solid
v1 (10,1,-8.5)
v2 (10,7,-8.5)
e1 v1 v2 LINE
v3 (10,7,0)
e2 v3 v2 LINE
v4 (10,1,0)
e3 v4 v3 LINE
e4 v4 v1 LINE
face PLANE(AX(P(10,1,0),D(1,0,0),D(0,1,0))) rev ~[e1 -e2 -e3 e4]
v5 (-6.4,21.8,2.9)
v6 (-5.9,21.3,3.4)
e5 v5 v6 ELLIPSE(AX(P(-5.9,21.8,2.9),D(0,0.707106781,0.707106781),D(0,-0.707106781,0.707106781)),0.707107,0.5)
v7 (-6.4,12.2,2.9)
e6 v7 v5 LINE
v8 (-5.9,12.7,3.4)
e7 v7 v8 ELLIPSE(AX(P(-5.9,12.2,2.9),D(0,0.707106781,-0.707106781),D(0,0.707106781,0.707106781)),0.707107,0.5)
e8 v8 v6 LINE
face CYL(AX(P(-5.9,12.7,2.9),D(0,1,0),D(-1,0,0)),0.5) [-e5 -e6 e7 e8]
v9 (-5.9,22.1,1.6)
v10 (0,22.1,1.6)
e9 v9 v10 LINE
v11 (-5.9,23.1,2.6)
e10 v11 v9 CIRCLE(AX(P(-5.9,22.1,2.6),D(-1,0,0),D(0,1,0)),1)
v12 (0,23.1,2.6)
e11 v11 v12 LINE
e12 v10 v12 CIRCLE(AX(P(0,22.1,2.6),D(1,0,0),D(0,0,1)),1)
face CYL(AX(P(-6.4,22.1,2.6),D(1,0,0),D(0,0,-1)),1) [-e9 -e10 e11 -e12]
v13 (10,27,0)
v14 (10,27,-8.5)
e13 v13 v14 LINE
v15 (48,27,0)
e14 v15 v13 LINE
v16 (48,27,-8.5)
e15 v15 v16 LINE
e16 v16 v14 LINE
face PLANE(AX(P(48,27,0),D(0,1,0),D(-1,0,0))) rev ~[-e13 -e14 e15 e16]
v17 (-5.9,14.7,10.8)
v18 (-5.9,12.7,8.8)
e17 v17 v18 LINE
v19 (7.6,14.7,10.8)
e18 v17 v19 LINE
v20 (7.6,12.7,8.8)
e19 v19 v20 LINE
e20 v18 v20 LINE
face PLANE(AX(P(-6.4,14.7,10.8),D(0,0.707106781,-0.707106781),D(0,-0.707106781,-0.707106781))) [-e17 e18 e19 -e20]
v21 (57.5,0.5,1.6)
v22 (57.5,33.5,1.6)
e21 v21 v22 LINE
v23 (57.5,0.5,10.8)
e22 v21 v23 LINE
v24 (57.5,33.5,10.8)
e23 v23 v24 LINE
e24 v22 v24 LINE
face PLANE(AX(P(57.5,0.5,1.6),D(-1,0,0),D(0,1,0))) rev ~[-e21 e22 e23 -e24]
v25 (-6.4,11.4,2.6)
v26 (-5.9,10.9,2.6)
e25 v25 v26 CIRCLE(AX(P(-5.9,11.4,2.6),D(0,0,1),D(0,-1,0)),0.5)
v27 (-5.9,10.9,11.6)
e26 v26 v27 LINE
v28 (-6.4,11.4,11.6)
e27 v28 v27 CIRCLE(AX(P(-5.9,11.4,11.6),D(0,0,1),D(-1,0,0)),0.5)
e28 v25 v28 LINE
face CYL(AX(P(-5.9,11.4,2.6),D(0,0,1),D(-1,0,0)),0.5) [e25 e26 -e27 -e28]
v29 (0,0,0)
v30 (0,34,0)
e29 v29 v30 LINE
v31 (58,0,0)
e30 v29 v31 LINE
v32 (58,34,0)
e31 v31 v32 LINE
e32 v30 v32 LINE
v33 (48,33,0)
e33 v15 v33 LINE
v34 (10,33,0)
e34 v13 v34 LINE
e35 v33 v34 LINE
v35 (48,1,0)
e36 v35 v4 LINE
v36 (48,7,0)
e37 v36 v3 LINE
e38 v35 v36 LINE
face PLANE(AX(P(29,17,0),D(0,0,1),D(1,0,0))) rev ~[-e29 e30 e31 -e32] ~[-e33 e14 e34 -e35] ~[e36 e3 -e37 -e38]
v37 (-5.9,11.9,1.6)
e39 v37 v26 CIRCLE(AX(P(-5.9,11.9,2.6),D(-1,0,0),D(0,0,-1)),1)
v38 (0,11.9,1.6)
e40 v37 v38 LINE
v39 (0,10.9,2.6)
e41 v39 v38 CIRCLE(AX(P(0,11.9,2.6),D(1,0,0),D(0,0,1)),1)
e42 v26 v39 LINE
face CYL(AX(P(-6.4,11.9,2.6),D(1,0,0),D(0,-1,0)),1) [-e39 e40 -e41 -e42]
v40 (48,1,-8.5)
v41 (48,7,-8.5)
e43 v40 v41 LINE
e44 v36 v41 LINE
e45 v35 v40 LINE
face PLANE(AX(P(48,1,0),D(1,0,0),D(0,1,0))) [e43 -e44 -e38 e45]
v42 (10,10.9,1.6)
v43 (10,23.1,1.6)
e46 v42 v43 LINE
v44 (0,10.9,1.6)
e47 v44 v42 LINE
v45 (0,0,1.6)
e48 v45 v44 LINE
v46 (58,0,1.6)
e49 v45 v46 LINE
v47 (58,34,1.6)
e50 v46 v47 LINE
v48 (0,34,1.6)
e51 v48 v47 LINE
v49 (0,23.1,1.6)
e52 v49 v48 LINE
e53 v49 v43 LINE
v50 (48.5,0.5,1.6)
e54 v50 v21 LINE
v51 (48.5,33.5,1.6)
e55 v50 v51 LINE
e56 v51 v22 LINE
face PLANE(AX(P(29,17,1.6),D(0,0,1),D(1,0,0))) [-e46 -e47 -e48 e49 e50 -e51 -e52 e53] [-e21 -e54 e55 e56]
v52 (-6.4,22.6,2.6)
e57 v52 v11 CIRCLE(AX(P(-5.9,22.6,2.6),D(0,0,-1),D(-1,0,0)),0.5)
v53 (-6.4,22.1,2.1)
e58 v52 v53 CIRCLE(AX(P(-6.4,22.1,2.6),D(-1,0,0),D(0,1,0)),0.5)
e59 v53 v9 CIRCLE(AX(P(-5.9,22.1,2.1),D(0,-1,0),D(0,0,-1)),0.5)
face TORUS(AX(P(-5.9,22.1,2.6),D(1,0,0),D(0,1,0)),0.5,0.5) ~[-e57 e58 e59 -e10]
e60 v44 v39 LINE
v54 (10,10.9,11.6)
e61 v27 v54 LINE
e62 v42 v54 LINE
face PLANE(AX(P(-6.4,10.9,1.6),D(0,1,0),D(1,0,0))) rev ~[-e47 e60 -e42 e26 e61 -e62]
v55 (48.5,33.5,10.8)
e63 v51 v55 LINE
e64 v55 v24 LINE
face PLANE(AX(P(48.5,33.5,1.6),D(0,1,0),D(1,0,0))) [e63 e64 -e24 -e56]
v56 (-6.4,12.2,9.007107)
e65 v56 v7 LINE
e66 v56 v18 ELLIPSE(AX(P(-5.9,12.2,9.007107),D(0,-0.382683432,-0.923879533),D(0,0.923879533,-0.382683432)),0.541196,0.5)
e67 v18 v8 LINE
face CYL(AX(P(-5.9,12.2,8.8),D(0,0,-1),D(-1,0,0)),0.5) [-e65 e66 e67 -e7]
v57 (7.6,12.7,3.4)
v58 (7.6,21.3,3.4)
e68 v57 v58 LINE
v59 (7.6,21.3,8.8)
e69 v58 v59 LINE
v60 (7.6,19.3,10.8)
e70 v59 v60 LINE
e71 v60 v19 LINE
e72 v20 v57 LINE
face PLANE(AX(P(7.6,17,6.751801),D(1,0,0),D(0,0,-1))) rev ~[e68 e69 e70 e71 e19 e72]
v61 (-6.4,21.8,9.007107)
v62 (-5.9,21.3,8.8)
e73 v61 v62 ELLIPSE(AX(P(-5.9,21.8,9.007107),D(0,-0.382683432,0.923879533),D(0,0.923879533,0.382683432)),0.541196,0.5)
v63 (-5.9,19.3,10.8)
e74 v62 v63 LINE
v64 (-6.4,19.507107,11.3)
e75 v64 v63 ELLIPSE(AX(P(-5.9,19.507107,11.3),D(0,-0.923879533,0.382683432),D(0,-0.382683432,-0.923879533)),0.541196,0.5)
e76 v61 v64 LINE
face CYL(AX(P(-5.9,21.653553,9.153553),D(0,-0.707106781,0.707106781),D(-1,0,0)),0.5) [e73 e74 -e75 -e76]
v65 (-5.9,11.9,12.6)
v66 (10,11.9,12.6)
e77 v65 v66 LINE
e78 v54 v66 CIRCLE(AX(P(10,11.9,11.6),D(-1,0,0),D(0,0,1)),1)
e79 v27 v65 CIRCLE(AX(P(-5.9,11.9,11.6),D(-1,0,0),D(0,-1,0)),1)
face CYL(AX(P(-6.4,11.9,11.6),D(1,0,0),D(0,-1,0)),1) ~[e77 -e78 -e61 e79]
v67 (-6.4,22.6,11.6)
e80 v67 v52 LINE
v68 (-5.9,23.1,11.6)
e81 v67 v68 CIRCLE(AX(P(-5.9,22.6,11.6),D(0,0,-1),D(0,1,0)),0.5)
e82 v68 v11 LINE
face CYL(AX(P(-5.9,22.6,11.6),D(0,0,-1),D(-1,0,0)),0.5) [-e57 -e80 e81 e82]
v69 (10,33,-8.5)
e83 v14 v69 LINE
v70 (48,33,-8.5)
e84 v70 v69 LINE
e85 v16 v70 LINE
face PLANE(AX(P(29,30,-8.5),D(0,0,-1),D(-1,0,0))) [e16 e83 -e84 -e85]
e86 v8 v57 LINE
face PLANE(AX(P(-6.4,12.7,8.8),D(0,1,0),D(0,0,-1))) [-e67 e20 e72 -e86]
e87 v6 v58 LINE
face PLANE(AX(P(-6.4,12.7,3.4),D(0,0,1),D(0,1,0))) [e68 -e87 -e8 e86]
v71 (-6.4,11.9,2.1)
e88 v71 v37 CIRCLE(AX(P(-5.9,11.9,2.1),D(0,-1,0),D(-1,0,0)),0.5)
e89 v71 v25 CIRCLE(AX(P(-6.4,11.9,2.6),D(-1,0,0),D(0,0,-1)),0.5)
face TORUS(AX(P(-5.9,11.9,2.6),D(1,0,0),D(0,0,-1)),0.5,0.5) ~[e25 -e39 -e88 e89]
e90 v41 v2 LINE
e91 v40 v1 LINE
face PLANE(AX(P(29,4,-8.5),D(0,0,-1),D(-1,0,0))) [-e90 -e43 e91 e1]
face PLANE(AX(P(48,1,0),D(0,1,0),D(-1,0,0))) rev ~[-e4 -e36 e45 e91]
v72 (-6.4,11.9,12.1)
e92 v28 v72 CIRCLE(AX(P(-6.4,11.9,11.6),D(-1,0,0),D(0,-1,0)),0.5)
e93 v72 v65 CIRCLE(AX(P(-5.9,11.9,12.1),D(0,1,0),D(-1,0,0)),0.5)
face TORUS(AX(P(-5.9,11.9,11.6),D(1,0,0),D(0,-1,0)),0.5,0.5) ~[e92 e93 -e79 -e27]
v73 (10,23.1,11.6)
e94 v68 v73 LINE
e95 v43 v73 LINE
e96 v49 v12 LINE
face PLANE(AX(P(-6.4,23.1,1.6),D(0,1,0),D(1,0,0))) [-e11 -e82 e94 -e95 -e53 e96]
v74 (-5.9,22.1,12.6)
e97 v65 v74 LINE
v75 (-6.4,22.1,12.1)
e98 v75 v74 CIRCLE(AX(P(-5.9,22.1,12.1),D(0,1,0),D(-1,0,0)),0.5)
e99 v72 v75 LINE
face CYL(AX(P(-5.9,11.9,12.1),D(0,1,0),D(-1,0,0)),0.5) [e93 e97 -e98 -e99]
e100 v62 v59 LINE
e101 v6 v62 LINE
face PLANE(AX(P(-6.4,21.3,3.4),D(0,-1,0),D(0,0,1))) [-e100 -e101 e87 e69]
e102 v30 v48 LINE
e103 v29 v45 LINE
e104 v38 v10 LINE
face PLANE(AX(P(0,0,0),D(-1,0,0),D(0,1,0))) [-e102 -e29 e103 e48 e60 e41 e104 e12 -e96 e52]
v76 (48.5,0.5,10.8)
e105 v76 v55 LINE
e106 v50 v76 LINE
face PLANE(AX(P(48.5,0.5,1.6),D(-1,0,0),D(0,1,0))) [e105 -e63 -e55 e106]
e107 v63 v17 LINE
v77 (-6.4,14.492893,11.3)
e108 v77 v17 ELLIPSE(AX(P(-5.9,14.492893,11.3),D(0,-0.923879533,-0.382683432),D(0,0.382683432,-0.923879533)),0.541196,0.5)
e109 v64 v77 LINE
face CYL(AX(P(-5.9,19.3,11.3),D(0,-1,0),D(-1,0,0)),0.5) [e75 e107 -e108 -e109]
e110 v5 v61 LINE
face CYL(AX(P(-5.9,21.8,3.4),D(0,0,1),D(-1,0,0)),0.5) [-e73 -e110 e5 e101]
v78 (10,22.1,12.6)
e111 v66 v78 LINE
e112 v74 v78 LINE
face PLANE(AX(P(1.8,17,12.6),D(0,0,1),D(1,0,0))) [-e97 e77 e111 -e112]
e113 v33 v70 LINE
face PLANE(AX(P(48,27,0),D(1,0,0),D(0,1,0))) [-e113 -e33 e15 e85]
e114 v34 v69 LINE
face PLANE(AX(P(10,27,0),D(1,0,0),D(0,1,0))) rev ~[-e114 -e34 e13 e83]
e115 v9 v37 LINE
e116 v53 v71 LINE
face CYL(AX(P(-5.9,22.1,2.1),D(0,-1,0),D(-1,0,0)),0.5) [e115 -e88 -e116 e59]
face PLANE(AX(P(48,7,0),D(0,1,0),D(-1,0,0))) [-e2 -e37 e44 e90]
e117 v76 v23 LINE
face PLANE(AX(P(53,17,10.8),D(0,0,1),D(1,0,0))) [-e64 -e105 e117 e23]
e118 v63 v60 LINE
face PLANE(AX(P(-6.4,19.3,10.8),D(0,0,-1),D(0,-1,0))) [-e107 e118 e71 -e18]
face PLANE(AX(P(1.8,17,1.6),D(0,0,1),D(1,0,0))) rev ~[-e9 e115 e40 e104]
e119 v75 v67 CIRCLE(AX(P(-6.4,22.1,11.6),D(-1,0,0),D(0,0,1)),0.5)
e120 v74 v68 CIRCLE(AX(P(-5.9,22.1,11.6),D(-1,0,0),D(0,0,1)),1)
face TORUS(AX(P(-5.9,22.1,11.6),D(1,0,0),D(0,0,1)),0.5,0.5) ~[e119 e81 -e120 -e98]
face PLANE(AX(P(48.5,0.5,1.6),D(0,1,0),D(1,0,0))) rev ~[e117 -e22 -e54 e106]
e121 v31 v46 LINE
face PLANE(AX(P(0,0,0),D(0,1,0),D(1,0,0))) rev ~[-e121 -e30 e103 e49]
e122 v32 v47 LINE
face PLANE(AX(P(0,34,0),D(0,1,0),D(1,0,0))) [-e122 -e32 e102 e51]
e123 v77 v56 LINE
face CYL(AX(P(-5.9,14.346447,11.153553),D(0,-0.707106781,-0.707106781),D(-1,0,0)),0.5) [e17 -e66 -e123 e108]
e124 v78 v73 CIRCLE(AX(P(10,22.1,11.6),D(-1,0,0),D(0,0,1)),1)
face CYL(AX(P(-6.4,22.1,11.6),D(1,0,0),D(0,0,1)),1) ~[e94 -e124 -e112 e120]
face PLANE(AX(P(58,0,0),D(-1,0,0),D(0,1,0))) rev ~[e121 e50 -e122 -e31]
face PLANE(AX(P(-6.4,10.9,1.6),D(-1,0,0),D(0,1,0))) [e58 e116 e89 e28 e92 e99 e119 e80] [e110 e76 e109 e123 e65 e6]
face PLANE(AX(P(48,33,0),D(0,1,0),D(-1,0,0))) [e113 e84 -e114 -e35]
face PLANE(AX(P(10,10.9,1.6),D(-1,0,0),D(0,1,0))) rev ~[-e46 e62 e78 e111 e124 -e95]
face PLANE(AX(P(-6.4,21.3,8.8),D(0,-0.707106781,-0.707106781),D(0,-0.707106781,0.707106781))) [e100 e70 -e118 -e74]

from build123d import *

# Parameters (mm, degrees)
SKETCH1_W          = 58
SKETCH1_H          = 34
EXTRUDE1_DEPTH     = 1.6
SKETCH2_W          = 38
SKETCH2_H          = 6
EXTRUDE2_DEPTH     = 8.5
SKETCH3_W          = 9
SKETCH3_H          = 33
EXTRUDE3_DEPTH     = 9.2
SKETCH4_W          = 16.4
SKETCH4_H          = 12.2
EXTRUDE4_DEPTH     = 11
CUT_EXTRUDE1_DEPTH = 14
FILLET1_R          = 1
FILLET2_R          = 0.5


with BuildPart() as part:
    # Sketch1 → Extrude1 (new body)
    with BuildSketch(Plane.XY):
        with Locations((29, 17)):
            Rectangle(SKETCH1_W, SKETCH1_H)
    extrude(amount=EXTRUDE1_DEPTH)

    # Sketch2 → Extrude2 (add)
    with BuildSketch(Plane(origin=(0, 0, 0), x_dir=(-1, 0, 0), z_dir=(0, 0, -1))):
        with Locations((-29, 30)):
            Rectangle(SKETCH2_W, SKETCH2_H)
        with Locations((-29, 4)):
            Rectangle(SKETCH2_W, SKETCH2_H)
    extrude(amount=EXTRUDE2_DEPTH)

    # Sketch3 → Extrude3 (add)
    with BuildSketch(Plane.XY.offset(1.6)):
        with Locations((53, 17)):
            Rectangle(SKETCH3_W, SKETCH3_H)
    extrude(amount=EXTRUDE3_DEPTH)

    # Sketch4 → Extrude4 (add)
    with BuildSketch(Plane.XY.offset(1.6)):
        with Locations((1.8, 17)):
            Rectangle(SKETCH4_W, SKETCH4_H)
    extrude(amount=EXTRUDE4_DEPTH)

    # Sketch5 → Cut-Extrude1 (cut)
    with BuildSketch(Plane.ZY.offset(6.4)):
        Polygon((8.8, 21.3), (10.8, 19.3), (10.8, 14.7), (8.8, 12.7), (3.4, 12.7), (3.4, 21.3), align=None)
    extrude(amount=-CUT_EXTRUDE1_DEPTH, mode=Mode.SUBTRACT)

    # Fillet1
    fillet1_edges = [part.edges().sort_by_distance(p)[0] for p in [
        (-3.2, 23.1, 1.6),
        (-3.2, 10.9, 1.6),
        (1.8, 23.1, 12.6),
        (1.8, 10.9, 12.6),
    ]]
    fillet(fillet1_edges, radius=FILLET1_R)

    # Fillet2
    fillet2_edges = [part.edges().sort_by_distance(p)[0] for p in [
        (-6.4, 21.3, 6.1),
        (-6.4, 17, 3.4),
        (-6.4, 12.7, 6.1),
        (-6.4, 13.7, 9.8),
        (-6.4, 17, 10.8),
        (-6.4, 20.3, 9.8),
        (-6.4, 17, 12.6),
        (-6.4, 10.9, 7.1),
        (-6.4, 17, 1.6),
        (-6.4, 23.1, 7.1),
        (-6.4, 22.807106781, 12.307106781),
        (-6.4, 22.807106781, 1.892893219),
        (-6.4, 11.192893219, 1.892893219),
        (-6.4, 11.192893219, 12.307106781),
    ]]
    fillet(fillet2_edges, radius=FILLET2_R)


solid = part.part
